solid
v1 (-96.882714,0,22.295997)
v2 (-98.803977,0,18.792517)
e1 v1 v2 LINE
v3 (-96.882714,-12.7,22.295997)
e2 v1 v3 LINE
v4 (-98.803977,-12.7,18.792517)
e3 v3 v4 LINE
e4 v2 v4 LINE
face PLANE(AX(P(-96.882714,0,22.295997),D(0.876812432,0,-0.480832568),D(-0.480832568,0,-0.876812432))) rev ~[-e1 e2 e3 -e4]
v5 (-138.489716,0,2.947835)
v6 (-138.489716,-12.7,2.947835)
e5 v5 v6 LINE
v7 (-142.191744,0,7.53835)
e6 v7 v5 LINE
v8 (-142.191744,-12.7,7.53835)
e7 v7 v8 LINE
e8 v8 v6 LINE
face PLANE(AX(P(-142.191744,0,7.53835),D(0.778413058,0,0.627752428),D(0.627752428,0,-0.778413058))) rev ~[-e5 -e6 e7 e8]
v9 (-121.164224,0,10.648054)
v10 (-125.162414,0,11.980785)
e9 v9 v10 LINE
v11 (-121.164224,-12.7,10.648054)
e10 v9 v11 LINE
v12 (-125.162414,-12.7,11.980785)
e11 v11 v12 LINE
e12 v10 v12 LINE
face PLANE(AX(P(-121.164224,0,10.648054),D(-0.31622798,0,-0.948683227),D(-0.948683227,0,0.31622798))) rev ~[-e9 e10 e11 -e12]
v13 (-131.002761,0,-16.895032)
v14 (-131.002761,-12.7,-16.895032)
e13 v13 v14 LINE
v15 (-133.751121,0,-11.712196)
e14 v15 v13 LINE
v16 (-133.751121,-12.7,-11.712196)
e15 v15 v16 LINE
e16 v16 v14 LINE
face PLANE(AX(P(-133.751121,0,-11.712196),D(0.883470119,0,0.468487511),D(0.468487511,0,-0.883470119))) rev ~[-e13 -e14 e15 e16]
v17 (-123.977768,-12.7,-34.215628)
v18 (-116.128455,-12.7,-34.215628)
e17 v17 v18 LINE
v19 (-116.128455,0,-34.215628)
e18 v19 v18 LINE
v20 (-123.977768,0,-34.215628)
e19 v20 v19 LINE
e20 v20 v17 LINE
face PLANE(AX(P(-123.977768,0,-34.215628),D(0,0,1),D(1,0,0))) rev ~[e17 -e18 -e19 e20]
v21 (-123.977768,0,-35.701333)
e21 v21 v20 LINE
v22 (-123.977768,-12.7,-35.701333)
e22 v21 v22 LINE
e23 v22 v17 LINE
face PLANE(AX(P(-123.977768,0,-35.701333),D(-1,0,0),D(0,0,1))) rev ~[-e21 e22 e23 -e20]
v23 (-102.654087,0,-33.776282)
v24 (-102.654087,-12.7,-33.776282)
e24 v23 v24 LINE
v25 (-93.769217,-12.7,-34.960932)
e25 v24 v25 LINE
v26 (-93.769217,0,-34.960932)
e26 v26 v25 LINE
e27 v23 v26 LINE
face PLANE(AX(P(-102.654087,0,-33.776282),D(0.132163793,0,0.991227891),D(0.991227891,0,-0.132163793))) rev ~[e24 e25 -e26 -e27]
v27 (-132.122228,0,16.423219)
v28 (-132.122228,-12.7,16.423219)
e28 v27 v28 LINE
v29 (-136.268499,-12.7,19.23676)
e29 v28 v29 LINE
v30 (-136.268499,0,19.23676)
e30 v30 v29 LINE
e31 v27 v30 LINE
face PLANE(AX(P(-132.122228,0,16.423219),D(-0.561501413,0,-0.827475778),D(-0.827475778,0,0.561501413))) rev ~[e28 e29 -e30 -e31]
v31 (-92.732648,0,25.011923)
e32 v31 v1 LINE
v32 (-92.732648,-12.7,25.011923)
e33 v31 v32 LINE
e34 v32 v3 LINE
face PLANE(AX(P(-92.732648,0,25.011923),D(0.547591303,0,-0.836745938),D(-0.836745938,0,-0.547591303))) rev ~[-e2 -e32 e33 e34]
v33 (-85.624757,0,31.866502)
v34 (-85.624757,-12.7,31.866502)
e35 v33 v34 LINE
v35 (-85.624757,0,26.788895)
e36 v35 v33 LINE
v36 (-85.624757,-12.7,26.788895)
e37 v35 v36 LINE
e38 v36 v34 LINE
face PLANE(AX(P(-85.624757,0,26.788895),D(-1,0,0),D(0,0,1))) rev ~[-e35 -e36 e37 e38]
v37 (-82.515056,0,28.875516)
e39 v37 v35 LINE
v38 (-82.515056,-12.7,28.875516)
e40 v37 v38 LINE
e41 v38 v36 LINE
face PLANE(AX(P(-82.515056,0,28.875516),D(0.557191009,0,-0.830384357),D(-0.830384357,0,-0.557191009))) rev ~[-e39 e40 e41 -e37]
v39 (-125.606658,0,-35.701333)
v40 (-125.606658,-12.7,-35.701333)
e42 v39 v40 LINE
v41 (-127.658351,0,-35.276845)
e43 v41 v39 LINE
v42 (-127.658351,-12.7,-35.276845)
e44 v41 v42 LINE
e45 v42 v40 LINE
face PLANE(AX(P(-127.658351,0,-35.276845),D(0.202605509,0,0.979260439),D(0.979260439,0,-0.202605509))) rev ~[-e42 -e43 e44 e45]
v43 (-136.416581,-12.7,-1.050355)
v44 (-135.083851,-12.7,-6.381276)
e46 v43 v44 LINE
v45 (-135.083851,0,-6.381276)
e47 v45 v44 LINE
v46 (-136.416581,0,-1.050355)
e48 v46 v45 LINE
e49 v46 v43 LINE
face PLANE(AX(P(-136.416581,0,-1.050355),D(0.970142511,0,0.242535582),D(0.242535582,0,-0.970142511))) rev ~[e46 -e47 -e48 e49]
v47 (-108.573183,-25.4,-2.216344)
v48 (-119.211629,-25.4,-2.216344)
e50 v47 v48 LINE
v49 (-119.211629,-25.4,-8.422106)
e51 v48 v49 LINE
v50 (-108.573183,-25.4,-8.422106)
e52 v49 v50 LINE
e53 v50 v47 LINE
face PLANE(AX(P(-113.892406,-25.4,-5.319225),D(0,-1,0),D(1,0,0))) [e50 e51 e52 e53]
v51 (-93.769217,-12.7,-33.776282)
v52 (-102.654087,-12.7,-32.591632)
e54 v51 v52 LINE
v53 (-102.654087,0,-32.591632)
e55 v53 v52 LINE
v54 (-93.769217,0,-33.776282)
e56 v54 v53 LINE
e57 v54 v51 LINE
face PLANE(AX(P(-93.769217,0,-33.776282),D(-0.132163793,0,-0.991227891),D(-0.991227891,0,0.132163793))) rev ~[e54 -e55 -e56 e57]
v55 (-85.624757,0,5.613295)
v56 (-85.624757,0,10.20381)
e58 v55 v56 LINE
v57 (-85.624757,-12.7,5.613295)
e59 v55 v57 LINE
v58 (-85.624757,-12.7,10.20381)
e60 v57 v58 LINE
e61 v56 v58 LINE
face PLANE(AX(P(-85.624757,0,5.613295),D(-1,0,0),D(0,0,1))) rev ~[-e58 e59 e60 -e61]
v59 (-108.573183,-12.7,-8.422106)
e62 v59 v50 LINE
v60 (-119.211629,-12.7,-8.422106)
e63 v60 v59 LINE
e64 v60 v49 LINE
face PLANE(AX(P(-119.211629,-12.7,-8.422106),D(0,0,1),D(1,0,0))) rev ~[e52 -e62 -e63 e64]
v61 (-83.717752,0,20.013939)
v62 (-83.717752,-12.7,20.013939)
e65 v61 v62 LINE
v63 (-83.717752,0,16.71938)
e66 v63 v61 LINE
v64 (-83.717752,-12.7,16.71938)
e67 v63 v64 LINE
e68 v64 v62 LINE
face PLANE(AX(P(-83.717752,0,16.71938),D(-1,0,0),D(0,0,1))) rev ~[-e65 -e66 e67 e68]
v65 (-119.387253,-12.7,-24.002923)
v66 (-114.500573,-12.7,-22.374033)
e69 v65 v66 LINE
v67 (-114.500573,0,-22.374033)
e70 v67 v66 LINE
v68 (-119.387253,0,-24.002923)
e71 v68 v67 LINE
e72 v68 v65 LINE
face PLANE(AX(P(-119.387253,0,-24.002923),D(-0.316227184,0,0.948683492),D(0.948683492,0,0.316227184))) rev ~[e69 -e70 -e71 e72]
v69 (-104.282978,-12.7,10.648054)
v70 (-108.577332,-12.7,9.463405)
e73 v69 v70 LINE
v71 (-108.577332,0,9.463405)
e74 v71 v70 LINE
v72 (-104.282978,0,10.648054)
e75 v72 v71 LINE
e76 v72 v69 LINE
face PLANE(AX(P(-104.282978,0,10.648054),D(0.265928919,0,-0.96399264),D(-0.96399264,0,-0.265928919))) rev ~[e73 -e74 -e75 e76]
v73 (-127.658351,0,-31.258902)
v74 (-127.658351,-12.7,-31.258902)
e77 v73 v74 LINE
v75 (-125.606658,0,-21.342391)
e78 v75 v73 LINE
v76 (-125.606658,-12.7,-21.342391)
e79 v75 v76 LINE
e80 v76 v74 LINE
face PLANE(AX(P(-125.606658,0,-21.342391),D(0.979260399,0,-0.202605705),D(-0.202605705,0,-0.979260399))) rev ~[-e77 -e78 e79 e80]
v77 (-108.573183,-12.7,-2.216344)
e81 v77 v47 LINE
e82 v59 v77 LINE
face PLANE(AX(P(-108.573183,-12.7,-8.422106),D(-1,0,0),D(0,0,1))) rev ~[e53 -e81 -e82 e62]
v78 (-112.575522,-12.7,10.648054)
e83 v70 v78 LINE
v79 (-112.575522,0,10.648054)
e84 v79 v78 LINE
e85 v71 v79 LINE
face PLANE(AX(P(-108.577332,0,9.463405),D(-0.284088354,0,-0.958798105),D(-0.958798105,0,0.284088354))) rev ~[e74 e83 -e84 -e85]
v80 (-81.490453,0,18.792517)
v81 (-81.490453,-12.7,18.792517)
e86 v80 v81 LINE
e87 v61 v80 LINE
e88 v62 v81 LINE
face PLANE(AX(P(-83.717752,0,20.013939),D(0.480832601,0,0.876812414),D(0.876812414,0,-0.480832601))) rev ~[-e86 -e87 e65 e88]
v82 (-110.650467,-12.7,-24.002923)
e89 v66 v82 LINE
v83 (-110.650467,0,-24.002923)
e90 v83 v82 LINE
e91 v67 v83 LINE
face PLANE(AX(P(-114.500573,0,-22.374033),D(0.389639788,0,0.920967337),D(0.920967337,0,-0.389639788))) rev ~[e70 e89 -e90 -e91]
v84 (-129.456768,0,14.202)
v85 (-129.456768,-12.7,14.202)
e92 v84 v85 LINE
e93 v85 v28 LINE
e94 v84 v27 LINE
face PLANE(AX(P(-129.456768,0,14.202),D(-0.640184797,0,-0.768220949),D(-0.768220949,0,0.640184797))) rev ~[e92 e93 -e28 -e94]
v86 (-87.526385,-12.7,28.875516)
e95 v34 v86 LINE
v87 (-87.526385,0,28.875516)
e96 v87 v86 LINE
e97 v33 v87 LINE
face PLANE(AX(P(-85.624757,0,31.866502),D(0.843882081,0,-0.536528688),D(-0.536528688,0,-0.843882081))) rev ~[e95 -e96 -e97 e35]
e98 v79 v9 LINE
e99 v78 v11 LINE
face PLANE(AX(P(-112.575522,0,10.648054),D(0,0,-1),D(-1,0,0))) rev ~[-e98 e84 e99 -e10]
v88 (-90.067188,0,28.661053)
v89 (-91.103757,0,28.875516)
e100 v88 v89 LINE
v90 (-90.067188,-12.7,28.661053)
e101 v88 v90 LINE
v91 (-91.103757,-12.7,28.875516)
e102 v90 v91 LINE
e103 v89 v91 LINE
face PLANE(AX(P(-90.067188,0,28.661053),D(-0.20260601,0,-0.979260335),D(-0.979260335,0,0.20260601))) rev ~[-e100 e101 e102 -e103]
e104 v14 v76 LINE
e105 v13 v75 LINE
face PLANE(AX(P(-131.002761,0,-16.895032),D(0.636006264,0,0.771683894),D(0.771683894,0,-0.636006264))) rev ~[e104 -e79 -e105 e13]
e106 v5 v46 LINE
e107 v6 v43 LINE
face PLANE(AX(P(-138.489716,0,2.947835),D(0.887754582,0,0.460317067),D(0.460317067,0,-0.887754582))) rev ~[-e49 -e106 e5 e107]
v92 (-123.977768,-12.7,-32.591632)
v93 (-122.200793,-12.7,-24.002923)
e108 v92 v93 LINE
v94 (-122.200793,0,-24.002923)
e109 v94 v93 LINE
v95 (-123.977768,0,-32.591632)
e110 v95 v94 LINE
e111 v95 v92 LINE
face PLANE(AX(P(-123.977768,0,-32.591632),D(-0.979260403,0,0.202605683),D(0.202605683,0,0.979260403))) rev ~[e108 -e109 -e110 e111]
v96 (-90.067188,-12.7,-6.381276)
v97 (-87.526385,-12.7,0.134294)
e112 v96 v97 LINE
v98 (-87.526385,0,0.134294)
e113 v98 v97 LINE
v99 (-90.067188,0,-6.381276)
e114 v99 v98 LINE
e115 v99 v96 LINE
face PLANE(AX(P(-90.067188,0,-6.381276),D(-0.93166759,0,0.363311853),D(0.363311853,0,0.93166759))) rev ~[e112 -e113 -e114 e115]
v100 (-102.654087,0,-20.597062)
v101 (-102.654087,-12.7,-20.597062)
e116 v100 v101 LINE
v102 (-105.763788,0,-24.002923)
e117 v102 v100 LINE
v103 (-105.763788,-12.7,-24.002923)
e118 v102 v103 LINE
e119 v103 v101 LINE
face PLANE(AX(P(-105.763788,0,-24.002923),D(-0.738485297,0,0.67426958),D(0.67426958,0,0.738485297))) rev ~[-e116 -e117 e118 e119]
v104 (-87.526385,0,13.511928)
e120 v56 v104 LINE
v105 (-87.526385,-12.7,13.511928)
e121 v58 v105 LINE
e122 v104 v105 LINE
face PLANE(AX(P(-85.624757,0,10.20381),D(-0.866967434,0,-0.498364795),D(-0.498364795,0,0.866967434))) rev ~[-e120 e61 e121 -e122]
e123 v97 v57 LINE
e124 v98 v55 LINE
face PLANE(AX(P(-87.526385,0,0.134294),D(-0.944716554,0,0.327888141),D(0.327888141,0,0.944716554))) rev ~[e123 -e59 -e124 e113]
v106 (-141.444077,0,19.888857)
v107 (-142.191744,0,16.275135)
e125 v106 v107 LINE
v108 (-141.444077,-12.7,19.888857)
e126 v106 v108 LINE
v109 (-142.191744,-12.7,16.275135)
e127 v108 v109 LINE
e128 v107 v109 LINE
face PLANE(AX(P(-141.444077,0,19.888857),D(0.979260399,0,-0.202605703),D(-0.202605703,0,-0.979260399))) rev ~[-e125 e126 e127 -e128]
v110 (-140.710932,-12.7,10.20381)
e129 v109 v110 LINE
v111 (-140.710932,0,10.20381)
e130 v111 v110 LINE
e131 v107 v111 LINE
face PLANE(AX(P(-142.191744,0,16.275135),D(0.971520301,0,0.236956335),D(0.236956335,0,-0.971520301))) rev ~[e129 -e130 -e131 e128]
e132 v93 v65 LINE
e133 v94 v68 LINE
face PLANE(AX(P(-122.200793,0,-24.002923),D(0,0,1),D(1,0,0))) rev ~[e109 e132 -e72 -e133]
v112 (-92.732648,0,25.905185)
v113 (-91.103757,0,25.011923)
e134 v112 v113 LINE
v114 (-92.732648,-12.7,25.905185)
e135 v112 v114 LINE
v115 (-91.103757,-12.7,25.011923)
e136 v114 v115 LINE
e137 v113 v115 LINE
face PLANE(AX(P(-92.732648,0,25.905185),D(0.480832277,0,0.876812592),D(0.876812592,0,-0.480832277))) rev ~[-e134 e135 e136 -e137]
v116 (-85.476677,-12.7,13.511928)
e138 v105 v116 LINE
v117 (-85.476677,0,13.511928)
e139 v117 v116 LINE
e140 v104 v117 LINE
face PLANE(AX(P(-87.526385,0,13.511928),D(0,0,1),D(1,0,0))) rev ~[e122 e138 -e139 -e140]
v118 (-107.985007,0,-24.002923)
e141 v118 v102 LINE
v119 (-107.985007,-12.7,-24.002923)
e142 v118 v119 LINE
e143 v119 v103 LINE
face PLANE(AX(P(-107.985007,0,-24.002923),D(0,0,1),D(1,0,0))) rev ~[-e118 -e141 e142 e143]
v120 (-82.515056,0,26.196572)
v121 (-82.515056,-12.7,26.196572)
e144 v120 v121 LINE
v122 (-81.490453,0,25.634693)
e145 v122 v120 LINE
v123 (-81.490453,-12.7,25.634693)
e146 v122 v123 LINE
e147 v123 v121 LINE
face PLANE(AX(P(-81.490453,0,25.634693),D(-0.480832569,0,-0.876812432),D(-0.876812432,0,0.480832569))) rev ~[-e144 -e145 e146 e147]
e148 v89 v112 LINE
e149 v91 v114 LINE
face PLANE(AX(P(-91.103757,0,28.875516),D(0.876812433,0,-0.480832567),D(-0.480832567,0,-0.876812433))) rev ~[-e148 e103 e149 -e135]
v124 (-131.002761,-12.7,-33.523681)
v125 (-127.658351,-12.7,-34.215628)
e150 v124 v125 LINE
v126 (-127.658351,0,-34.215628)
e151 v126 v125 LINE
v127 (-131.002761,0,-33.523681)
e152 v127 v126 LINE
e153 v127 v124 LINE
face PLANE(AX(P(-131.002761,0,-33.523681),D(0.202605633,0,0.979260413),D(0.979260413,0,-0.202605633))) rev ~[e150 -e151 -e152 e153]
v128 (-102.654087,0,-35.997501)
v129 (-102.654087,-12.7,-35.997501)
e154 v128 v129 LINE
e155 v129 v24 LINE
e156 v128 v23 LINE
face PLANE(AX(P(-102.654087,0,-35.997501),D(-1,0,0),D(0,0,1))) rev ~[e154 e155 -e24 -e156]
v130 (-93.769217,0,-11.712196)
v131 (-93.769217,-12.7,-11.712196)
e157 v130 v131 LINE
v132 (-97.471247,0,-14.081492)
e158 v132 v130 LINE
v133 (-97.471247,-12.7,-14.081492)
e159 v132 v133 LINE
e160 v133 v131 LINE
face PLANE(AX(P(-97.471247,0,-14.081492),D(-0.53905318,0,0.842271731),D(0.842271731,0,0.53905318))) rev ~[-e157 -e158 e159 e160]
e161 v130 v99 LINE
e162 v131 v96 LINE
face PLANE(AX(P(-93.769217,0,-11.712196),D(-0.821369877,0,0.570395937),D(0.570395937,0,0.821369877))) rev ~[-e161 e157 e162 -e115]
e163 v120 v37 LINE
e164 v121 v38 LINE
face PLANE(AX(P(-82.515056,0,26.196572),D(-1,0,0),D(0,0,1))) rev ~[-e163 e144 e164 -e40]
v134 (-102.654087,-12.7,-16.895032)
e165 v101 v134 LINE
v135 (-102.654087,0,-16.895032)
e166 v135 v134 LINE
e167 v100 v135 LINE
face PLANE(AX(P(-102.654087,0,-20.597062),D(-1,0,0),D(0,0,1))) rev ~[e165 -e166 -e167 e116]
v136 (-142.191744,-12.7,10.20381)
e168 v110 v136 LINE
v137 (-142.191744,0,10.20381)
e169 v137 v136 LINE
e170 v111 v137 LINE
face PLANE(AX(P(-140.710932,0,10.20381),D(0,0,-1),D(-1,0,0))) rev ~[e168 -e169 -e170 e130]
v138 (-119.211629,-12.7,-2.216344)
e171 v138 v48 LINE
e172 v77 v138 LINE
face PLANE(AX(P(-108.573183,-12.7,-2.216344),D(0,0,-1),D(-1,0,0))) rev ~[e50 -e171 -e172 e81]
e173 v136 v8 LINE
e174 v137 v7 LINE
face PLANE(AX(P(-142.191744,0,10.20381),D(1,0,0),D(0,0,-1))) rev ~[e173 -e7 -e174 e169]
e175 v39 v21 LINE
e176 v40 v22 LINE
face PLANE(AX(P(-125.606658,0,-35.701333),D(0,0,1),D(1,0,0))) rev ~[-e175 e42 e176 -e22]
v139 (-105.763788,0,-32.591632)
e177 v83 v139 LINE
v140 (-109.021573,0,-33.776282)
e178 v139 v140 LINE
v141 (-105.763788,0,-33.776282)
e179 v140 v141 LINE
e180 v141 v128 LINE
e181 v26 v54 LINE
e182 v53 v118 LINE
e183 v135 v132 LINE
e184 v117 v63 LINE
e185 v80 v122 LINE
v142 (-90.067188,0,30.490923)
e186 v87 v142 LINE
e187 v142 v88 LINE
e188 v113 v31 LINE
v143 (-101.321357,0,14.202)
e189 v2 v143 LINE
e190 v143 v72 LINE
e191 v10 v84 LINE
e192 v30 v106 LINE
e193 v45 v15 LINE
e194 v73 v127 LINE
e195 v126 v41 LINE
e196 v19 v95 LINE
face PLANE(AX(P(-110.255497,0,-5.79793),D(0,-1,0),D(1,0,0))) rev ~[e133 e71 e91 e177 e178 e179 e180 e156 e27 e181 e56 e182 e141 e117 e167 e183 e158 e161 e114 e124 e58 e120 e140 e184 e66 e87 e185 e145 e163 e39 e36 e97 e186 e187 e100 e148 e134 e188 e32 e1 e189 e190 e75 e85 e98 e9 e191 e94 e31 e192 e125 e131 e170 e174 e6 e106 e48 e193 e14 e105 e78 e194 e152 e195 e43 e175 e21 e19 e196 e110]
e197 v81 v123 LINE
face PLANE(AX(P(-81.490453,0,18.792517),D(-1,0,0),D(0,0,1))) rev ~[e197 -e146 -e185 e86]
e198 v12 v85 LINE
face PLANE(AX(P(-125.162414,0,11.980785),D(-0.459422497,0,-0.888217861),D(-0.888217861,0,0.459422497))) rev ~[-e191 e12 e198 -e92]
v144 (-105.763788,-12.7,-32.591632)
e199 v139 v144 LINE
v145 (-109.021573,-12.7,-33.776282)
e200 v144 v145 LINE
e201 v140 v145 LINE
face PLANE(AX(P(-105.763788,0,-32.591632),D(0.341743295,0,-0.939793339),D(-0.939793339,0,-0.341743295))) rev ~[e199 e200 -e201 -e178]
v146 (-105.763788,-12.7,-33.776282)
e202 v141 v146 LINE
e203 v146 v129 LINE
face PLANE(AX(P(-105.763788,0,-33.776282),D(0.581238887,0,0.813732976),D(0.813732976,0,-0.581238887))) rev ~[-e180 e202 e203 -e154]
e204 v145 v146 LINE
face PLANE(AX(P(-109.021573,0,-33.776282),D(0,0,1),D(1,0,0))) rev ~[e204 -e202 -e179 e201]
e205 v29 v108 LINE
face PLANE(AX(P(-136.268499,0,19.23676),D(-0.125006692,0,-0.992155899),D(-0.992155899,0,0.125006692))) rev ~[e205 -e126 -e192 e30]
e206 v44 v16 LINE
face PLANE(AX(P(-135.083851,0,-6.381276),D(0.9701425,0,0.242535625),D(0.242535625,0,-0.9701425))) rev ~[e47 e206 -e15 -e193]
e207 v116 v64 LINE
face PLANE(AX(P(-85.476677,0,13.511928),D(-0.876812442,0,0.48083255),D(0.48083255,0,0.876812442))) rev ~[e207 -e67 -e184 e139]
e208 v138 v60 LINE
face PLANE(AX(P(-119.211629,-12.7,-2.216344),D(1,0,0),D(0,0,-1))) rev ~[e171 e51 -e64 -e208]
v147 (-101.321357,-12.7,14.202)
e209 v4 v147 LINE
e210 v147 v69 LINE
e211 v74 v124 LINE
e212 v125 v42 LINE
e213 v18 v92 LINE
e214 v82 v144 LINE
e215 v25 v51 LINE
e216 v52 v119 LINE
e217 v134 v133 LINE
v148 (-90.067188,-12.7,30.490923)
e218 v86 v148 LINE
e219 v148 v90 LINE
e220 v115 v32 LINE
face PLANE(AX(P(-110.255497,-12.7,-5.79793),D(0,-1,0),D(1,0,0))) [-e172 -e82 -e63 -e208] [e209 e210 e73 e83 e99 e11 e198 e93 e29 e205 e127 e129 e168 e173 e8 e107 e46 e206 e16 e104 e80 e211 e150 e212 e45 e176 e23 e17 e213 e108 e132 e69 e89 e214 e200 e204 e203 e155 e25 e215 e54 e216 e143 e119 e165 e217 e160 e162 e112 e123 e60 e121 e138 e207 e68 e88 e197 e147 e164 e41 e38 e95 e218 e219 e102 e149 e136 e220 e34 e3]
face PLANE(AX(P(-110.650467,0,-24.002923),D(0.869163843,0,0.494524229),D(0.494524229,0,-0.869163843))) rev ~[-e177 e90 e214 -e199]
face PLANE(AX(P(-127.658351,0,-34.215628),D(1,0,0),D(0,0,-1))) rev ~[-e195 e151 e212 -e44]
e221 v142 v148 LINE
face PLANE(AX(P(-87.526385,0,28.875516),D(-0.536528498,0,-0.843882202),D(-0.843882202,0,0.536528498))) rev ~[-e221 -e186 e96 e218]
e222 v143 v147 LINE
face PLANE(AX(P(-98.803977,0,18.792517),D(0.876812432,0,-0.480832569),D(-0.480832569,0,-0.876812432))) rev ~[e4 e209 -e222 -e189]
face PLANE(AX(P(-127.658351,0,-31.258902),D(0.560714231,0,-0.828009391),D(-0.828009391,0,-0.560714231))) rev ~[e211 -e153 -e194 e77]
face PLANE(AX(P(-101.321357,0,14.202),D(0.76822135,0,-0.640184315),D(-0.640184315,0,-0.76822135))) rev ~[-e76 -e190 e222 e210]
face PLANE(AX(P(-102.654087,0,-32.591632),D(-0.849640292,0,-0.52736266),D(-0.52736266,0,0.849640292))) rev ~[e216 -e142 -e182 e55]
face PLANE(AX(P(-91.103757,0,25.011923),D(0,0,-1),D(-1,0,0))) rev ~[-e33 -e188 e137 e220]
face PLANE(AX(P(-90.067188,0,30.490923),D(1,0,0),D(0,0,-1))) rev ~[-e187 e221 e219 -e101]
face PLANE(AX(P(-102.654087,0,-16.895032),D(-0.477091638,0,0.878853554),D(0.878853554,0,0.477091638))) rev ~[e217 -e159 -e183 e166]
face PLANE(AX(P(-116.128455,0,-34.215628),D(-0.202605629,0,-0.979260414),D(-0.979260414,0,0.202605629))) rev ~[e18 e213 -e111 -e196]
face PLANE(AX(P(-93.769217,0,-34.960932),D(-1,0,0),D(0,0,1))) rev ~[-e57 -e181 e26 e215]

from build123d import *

# Parameters (mm, degrees)
F1_DEPTH = 12.7
F3_DEPTH = 12.7


with BuildPart() as f1:
    # F0 (on Front) → F1 (new body)
    with BuildSketch(Plane.XZ):
        Polygon((-132.122228, 16.423219), (-136.268499, 19.23676), (-141.444077, 19.888857), (-142.191744, 16.275135), (-140.710932, 10.20381), (-142.191744, 10.20381), (-142.191744, 7.53835), (-138.489716, 2.947835), (-136.416581, -1.050355), (-135.083851, -6.381276), (-133.751121, -11.712196), (-131.002761, -16.895032), (-125.606658, -21.342391), (-127.658351, -31.258902), (-131.002761, -33.523681), (-127.658351, -34.215628), (-127.658351, -35.276845), (-125.606658, -35.701333), (-123.977768, -35.701333), (-123.977768, -34.215628), (-116.128455, -34.215628), (-123.977768, -32.591632), (-122.200793, -24.002923), (-119.387253, -24.002923), (-114.500573, -22.374033), (-110.650467, -24.002923), (-105.763788, -32.591632), (-109.021573, -33.776282), (-105.763788, -33.776282), (-102.654087, -35.997501), (-102.654087, -33.776282), (-93.769217, -34.960932), (-93.769217, -33.776282), (-102.654087, -32.591632), (-107.985007, -24.002923), (-105.763788, -24.002923), (-102.654087, -20.597062), (-102.654087, -16.895032), (-97.471247, -14.081492), (-93.769217, -11.712196), (-90.067188, -6.381276), (-87.526385, 0.134294), (-85.624757, 5.613295), (-85.624757, 10.20381), (-87.526385, 13.511928), (-85.476677, 13.511928), (-83.717752, 16.71938), (-83.717752, 20.013939), (-81.490453, 18.792517), (-81.490453, 20.865652), (-81.490453, 25.634693), (-82.515056, 26.196572), (-82.515056, 28.875516), (-85.624757, 26.788895), (-85.624757, 31.866502), (-87.526385, 28.875516), (-90.067188, 30.490923), (-90.067188, 28.661053), (-91.103757, 28.875516), (-92.732648, 25.905185), (-91.103757, 25.011923), (-92.732648, 25.011923), (-96.882714, 22.295997), (-98.803977, 18.792517), (-101.321357, 14.202), (-104.282978, 10.648054), (-108.577332, 9.463405), (-112.575522, 10.648054), (-117.462198, 10.648054), (-121.164224, 10.648054), (-125.162414, 11.980785), (-129.456768, 14.202), align=None)
    extrude(amount=F1_DEPTH)

    # F2 (on face) → F3 (join)
    with BuildSketch(Plane.XZ.offset(12.7)):
        Polygon((-108.573183, -8.422106), (-108.573183, -4.432687), (-108.573183, -2.216344), (-119.211629, -2.216344), (-119.211629, -4.432687), (-119.211629, -8.422106), align=None)
    extrude(amount=F3_DEPTH)


solid = f1.part
